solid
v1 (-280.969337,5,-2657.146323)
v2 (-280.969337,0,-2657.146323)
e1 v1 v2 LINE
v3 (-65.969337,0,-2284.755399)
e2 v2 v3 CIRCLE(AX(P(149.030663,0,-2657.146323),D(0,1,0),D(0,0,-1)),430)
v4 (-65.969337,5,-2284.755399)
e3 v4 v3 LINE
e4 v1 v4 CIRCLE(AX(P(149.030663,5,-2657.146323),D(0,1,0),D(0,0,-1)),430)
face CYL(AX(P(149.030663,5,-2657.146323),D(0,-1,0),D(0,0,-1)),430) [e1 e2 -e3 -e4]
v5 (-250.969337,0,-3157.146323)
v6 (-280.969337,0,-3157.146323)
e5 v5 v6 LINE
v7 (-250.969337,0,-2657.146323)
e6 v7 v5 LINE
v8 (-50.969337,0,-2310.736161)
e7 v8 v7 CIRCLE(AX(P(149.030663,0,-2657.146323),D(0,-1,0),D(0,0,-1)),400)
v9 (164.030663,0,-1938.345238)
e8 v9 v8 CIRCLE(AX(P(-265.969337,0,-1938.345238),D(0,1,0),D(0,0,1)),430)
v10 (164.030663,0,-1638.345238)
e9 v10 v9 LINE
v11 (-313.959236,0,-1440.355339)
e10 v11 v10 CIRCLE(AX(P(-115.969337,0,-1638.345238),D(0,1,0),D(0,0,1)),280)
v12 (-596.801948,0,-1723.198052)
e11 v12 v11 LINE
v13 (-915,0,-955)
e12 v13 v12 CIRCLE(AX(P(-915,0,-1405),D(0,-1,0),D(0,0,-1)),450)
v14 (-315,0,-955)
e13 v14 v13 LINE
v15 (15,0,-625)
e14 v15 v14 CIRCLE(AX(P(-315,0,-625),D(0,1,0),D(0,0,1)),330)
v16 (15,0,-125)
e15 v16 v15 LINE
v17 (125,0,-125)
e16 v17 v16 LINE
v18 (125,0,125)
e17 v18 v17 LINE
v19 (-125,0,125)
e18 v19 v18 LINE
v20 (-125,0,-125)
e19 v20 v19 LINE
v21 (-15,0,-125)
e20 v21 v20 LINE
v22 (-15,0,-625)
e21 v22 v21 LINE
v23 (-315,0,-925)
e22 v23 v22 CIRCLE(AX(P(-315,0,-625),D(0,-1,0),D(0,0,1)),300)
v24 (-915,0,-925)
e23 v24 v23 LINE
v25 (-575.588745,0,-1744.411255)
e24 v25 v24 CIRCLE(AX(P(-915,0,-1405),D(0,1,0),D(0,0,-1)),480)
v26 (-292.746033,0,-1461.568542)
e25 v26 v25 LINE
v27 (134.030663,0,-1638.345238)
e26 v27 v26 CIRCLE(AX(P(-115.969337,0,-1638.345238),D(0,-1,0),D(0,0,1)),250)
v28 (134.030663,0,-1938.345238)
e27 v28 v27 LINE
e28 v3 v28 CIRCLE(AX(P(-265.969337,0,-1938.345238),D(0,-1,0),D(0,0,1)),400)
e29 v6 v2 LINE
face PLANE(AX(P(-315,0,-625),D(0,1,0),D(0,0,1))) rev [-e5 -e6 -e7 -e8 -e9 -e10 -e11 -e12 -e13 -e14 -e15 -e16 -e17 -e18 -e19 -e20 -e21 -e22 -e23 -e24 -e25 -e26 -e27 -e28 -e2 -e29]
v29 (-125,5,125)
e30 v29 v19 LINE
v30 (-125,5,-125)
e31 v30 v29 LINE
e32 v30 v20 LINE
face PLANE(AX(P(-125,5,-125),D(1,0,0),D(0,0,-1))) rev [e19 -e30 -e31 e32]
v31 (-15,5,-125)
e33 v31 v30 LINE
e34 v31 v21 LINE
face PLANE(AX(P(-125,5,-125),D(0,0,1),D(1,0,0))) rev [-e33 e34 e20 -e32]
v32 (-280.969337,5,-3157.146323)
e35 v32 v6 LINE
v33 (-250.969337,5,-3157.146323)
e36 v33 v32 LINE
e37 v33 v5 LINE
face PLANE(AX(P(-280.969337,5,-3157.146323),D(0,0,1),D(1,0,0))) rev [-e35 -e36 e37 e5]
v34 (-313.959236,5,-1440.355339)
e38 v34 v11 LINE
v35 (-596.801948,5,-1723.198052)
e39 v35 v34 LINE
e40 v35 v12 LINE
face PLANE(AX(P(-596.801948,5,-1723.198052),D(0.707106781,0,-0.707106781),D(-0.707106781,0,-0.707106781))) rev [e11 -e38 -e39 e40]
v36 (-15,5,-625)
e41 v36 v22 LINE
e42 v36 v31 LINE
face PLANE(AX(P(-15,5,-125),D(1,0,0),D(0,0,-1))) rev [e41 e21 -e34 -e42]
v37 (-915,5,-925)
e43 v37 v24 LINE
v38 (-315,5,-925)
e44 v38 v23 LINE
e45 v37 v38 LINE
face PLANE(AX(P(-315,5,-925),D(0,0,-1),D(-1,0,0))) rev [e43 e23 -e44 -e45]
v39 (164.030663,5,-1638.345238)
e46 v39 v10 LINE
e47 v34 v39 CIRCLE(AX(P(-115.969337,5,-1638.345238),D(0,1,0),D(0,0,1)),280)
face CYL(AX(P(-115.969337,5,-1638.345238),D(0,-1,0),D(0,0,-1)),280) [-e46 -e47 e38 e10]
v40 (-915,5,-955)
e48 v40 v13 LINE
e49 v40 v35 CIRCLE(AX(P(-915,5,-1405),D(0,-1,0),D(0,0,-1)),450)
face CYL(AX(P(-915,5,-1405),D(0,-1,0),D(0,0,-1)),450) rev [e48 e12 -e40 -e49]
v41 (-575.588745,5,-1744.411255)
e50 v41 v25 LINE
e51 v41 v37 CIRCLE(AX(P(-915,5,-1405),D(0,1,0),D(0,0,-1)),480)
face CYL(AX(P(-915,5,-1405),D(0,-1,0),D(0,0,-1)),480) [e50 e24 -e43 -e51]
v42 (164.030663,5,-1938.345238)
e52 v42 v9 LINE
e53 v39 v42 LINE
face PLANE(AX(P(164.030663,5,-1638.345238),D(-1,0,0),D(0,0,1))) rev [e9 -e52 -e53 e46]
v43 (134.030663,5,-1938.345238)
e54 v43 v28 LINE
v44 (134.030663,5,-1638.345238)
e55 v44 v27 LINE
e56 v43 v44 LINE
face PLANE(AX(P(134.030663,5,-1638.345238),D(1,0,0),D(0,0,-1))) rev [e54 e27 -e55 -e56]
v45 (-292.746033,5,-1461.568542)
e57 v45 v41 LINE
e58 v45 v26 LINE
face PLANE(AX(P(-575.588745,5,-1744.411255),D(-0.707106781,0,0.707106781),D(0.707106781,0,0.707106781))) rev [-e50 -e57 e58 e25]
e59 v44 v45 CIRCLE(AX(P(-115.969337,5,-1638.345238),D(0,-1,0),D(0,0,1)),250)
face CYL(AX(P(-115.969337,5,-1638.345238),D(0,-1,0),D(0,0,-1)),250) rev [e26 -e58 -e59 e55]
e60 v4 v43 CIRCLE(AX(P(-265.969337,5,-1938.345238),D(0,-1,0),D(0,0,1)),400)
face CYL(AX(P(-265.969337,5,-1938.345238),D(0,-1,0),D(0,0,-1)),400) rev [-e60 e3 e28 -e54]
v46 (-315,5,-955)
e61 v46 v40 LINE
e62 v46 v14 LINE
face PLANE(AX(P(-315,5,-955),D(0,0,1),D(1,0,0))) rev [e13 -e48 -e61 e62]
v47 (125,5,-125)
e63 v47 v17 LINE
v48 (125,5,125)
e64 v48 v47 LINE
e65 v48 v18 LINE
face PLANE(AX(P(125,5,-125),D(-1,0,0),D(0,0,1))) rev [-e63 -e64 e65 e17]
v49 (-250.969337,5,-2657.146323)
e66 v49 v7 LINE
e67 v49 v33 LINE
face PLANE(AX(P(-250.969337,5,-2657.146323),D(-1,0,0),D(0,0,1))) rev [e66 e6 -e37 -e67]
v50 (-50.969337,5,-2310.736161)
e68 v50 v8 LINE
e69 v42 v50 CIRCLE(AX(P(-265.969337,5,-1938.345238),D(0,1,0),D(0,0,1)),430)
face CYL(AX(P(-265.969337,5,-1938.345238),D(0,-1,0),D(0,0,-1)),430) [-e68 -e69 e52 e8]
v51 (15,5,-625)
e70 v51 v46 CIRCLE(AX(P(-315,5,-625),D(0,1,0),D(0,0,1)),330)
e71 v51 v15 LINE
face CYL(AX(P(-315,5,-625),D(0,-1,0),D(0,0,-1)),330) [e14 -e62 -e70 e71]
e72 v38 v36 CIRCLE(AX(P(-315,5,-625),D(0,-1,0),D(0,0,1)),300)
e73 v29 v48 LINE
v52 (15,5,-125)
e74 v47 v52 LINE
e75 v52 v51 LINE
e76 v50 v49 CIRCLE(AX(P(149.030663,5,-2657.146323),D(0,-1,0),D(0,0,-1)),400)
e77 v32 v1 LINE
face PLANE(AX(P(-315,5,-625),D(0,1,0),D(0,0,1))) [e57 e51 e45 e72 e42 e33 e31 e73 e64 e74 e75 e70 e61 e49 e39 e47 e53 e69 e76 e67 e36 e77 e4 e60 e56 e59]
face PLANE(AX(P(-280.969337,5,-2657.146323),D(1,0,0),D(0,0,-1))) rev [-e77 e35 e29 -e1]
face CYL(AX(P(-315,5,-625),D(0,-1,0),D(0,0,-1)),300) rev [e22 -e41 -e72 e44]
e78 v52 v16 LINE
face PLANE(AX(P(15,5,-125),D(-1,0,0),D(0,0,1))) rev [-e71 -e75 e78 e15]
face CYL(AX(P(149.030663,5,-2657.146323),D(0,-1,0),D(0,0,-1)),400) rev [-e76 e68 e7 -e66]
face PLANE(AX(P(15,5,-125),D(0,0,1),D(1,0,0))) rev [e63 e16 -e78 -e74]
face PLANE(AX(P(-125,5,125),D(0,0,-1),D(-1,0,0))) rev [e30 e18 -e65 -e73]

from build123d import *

# Parameters (mm, degrees)
BOSS_EXTRUDE1_DEPTH = 5


with BuildPart() as part:
    # Sketch1 → Boss-Extrude1 (new body)
    with BuildSketch(Plane(origin=(0, 0, 0), x_dir=(1, 0, 0), z_dir=(0, 1, 0))):
        with BuildLine():
            Line((-315, 955), (-915, 955))
            ThreePointArc((-915, 955), (-1330.74578963, 1577.207544564), (-596.801948466, 1723.198051534))
            Line((-596.801948466, 1723.198051534), (-313.959235991, 1440.355339059))
            ThreePointArc((-313.959235991, 1440.355339059), (-8.817976197, 1379.658968688), (164.030662741, 1638.345237792))
            Line((164.030662741, 1638.345237792), (164.030662741, 1938.345237792))
            ThreePointArc((164.030662741, 1938.345237792), (106.421586368, 2153.345237792), (-50.969337259, 2310.736161419))
            ThreePointArc((-50.969337259, 2310.736161419), (-197.379498773, 2457.146322933), (-250.969337259, 2657.146322933))
            Line((-250.969337259, 2657.146322933), (-250.969337259, 3157.146322933))
            Line((-250.969337259, 3157.146322933), (-280.969337259, 3157.146322933))
            Line((-280.969337259, 3157.146322933), (-280.969337259, 2657.146322933))
            ThreePointArc((-280.969337259, 2657.146322933), (-223.360260887, 2442.146322933), (-65.969337259, 2284.755399305))
            ThreePointArc((-65.969337259, 2284.755399305), (80.440824255, 2138.345237792), (134.030662741, 1938.345237792))
            Line((134.030662741, 1938.345237792), (134.030662741, 1638.345237792))
            ThreePointArc((134.030662741, 1638.345237792), (-20.298479168, 1407.375354664), (-292.746032556, 1461.568542495))
            Line((-292.746032556, 1461.568542495), (-575.58874503, 1744.41125497))
            ThreePointArc((-575.58874503, 1744.41125497), (-1358.462175605, 1588.688047535), (-915, 925))
            Line((-915, 925), (-315, 925))
            ThreePointArc((-315, 925), (-102.867965644, 837.132034356), (-15, 625))
            Line((-15, 625), (-15, 125))
            Line((-15, 125), (-125, 125))
            Line((-125, 125), (-125, -125))
            Line((-125, -125), (125, -125))
            Line((125, -125), (125, 125))
            Line((125, 125), (15, 125))
            Line((15, 125), (15, 625))
            ThreePointArc((15, 625), (-81.654762208, 858.345237792), (-315, 955))
        make_face()
    extrude(amount=BOSS_EXTRUDE1_DEPTH)


solid = part.part
